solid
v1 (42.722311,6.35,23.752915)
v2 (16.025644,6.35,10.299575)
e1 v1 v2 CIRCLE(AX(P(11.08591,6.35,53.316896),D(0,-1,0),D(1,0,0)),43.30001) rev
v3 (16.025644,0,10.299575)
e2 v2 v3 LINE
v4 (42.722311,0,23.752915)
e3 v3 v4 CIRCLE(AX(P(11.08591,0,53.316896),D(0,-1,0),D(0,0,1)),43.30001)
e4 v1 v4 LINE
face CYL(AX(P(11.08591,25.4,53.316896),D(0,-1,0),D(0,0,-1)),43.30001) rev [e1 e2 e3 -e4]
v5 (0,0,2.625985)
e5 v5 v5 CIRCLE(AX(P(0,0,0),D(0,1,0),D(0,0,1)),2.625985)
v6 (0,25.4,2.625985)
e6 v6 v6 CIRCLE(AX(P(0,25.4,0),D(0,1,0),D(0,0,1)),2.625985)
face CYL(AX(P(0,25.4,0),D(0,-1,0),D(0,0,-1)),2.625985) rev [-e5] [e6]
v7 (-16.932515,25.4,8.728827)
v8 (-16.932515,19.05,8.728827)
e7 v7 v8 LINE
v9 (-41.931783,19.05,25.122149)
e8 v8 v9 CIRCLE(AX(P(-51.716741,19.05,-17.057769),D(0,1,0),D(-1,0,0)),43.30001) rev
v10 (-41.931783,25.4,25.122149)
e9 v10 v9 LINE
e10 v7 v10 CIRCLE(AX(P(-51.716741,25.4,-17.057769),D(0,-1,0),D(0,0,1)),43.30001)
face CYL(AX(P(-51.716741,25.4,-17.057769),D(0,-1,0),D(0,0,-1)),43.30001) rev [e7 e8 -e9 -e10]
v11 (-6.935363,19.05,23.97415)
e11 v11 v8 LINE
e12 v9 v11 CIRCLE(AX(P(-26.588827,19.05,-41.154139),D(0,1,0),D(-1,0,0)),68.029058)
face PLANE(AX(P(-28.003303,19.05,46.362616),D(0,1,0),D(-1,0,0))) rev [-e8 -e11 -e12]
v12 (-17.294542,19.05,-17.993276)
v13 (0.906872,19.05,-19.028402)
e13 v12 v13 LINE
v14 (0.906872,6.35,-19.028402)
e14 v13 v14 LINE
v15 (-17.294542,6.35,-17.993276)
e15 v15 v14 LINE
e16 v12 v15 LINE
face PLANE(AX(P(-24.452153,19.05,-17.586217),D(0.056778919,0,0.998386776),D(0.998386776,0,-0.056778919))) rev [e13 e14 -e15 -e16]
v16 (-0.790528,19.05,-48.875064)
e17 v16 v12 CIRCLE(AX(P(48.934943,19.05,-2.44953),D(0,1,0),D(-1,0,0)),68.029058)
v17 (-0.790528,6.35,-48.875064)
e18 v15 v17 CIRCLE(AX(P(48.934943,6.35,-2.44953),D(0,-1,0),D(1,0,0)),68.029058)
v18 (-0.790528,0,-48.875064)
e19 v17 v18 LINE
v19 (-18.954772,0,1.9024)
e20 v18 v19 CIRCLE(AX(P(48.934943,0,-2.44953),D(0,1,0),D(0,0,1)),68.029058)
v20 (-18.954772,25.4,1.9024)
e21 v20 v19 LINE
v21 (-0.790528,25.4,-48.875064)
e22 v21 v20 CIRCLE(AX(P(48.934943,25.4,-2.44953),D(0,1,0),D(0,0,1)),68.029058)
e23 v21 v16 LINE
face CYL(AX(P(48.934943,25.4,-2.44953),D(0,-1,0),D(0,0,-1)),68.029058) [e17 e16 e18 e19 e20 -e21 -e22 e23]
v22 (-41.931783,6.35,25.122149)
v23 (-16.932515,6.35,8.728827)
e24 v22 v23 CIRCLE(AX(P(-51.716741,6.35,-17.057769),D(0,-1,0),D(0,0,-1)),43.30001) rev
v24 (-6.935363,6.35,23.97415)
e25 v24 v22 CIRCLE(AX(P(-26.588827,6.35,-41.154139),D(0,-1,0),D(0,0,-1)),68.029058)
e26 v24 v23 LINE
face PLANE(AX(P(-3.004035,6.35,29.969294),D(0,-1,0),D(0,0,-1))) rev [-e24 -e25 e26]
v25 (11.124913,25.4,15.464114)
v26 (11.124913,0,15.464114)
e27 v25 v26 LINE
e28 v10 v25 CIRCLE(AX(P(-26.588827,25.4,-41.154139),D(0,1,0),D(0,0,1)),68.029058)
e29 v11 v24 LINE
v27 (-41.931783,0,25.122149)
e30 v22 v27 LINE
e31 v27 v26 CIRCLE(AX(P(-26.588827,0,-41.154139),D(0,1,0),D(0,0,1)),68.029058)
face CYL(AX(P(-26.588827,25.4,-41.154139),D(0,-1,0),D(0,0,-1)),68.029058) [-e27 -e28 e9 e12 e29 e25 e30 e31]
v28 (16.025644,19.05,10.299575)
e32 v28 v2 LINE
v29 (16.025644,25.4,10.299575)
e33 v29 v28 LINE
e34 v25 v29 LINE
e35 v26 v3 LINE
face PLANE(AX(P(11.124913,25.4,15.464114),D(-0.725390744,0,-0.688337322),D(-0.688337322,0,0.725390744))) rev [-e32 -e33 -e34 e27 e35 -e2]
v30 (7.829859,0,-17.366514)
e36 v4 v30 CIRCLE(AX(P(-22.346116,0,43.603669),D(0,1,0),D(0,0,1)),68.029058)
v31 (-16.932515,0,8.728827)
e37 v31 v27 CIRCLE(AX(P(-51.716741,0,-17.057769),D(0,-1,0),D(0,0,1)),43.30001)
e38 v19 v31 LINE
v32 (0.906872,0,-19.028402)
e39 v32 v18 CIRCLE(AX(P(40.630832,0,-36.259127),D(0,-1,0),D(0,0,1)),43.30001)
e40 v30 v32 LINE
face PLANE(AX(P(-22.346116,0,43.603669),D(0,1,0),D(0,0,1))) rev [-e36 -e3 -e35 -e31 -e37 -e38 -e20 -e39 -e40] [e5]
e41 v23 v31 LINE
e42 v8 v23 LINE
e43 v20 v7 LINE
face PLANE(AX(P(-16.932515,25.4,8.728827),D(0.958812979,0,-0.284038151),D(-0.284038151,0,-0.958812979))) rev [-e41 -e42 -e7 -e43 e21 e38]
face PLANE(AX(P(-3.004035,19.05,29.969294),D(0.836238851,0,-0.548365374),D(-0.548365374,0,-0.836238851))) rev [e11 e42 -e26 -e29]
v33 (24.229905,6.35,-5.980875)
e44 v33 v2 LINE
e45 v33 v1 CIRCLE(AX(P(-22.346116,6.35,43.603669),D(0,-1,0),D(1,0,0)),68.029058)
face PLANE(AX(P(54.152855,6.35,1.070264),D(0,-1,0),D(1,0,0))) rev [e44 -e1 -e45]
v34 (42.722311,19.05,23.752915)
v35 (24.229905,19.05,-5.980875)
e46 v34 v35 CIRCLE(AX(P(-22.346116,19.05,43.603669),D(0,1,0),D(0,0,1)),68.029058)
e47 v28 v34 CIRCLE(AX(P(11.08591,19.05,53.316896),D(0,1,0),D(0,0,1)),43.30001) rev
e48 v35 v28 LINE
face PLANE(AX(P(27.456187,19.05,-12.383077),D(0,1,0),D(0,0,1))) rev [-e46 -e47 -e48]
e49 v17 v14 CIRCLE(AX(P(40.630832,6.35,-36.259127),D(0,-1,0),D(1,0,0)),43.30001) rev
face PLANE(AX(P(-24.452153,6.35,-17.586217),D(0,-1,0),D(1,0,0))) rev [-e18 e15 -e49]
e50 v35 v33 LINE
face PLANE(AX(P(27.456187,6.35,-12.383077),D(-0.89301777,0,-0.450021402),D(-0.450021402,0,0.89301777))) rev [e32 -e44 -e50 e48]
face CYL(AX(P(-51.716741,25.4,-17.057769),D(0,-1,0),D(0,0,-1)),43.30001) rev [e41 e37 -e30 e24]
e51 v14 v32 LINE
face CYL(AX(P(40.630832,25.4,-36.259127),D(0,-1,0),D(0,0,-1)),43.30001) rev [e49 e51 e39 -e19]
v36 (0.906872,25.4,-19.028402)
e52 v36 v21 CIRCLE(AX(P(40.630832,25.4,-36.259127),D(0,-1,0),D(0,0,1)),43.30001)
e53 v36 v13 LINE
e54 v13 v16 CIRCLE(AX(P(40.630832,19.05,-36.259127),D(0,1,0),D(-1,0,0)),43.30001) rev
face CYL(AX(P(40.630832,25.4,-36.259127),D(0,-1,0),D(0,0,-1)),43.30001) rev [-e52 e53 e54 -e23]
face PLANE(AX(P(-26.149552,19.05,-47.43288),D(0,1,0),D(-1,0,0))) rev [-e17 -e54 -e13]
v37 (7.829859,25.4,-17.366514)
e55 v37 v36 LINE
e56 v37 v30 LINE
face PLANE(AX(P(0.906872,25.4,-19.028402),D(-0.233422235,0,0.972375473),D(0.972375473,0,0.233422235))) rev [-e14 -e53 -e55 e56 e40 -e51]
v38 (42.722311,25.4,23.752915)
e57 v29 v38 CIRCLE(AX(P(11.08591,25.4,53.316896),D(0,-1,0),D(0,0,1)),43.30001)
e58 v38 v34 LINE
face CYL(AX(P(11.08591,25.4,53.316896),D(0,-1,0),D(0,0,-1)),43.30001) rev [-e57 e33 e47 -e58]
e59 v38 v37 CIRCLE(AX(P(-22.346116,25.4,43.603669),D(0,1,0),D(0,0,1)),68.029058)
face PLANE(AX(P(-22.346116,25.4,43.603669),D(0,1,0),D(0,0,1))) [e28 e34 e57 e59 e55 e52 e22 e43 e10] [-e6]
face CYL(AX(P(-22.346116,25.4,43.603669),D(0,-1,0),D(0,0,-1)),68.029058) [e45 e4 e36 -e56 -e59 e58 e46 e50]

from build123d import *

# Parameters (mm, degrees)
BOSS_EXTRUDE2_DEPTH = 25.4
SKETCH6_W           = 29.894889523
SKETCH6_H           = 12.7
CUT_EXTRUDE2_DEPTH  = 25.4
SKETCH7_W           = 29.894889523
SKETCH7_H           = 12.7
CUT_EXTRUDE3_DEPTH  = 25.4
SKETCH8_W           = 29.894889523
SKETCH8_H           = 12.7
CUT_EXTRUDE4_DEPTH  = 25.4
SKETCH9_R           = 2.625984609
CUT_EXTRUDE5_DEPTH  = 25.4


with BuildPart() as part:
    # Sketch5 → Boss-Extrude2 (new body)
    with BuildSketch(Plane(origin=(0, 0, 0), x_dir=(1, 0, 0), z_dir=(0, 1, 0))):
        with BuildLine():
            Line((0.906871592, 19.028402033), (7.829859105, 17.366513939))
            ThreePointArc((7.829859105, 17.366513939), (29.524645576, 0.411973336), (42.722311342, -23.75291494))
            ThreePointArc((42.722311342, -23.75291494), (30.571840916, -14.649217341), (16.025643758, -10.299574853))
            Line((16.025643758, -10.299574853), (11.124912694, -15.464113863))
            ThreePointArc((11.124912694, -15.464113863), (-14.405543413, -25.775079775), (-41.931783423, -25.12214946))
            ThreePointArc((-41.931783423, -25.12214946), (-27.972514821, -19.151382203), (-16.93251535, -8.72882718))
            Line((-16.93251535, -8.72882718), (-18.954771799, -1.902400076))
            ThreePointArc((-18.954771799, -1.902400076), (-15.119102163, 25.363106438), (-0.790527919, 48.8750644))
            ThreePointArc((-0.790527919, 48.8750644), (-2.599326095, 33.800599544), (0.906871592, 19.028402033))
        make_face()
    extrude(amount=BOSS_EXTRUDE2_DEPTH)

    # Sketch6 → Cut-Extrude2 (cut)
    with BuildSketch(Plane(origin=(1.982617129, 0, -0.112752753), x_dir=(-0.05677891901057157, 0, -0.9983867759320488), z_dir=(0.9983867759320488, 0, -0.05677891901057157))):
        with Locations((33.89365853, 12.7)):
            Rectangle(SKETCH6_W, SKETCH6_H)
    extrude(amount=-CUT_EXTRUDE2_DEPTH, mode=Mode.SUBTRACT)

    # Sketch7 → Cut-Extrude3 (cut)
    with BuildSketch(Plane(origin=(-0.893661816, 0, 1.773373176), x_dir=(0.8930177702648826, 0, 0.45002140170344945), z_dir=(-0.4500214017034494, 0, 0.8930177702648825))):
        with Locations((33.89365853, 12.7)):
            Rectangle(SKETCH7_W, SKETCH7_H)
    extrude(amount=-CUT_EXTRUDE3_DEPTH, mode=Mode.SUBTRACT)

    # Sketch8 → Cut-Extrude4 (cut)
    with BuildSketch(Plane(origin=(-1.088955313, 0, -1.660620423), x_dir=(-0.8362388512543109, 0, 0.5483653742285982), z_dir=(-0.5483653742285982, 0, -0.8362388512543109))):
        with Locations((33.89365853, 12.7)):
            Rectangle(SKETCH8_W, SKETCH8_H)
    extrude(amount=-CUT_EXTRUDE4_DEPTH, mode=Mode.SUBTRACT)

    # Sketch9 → Cut-Extrude5 (cut)
    with BuildSketch(Plane(origin=(0, 0, 0), x_dir=(1, 0, 0), z_dir=(0, 1, 0))):
        with Locations(Location((0, 0, 0), (0, 0, 270))):
            Circle(SKETCH9_R)
    extrude(amount=CUT_EXTRUDE5_DEPTH, mode=Mode.SUBTRACT)


solid = part.part
